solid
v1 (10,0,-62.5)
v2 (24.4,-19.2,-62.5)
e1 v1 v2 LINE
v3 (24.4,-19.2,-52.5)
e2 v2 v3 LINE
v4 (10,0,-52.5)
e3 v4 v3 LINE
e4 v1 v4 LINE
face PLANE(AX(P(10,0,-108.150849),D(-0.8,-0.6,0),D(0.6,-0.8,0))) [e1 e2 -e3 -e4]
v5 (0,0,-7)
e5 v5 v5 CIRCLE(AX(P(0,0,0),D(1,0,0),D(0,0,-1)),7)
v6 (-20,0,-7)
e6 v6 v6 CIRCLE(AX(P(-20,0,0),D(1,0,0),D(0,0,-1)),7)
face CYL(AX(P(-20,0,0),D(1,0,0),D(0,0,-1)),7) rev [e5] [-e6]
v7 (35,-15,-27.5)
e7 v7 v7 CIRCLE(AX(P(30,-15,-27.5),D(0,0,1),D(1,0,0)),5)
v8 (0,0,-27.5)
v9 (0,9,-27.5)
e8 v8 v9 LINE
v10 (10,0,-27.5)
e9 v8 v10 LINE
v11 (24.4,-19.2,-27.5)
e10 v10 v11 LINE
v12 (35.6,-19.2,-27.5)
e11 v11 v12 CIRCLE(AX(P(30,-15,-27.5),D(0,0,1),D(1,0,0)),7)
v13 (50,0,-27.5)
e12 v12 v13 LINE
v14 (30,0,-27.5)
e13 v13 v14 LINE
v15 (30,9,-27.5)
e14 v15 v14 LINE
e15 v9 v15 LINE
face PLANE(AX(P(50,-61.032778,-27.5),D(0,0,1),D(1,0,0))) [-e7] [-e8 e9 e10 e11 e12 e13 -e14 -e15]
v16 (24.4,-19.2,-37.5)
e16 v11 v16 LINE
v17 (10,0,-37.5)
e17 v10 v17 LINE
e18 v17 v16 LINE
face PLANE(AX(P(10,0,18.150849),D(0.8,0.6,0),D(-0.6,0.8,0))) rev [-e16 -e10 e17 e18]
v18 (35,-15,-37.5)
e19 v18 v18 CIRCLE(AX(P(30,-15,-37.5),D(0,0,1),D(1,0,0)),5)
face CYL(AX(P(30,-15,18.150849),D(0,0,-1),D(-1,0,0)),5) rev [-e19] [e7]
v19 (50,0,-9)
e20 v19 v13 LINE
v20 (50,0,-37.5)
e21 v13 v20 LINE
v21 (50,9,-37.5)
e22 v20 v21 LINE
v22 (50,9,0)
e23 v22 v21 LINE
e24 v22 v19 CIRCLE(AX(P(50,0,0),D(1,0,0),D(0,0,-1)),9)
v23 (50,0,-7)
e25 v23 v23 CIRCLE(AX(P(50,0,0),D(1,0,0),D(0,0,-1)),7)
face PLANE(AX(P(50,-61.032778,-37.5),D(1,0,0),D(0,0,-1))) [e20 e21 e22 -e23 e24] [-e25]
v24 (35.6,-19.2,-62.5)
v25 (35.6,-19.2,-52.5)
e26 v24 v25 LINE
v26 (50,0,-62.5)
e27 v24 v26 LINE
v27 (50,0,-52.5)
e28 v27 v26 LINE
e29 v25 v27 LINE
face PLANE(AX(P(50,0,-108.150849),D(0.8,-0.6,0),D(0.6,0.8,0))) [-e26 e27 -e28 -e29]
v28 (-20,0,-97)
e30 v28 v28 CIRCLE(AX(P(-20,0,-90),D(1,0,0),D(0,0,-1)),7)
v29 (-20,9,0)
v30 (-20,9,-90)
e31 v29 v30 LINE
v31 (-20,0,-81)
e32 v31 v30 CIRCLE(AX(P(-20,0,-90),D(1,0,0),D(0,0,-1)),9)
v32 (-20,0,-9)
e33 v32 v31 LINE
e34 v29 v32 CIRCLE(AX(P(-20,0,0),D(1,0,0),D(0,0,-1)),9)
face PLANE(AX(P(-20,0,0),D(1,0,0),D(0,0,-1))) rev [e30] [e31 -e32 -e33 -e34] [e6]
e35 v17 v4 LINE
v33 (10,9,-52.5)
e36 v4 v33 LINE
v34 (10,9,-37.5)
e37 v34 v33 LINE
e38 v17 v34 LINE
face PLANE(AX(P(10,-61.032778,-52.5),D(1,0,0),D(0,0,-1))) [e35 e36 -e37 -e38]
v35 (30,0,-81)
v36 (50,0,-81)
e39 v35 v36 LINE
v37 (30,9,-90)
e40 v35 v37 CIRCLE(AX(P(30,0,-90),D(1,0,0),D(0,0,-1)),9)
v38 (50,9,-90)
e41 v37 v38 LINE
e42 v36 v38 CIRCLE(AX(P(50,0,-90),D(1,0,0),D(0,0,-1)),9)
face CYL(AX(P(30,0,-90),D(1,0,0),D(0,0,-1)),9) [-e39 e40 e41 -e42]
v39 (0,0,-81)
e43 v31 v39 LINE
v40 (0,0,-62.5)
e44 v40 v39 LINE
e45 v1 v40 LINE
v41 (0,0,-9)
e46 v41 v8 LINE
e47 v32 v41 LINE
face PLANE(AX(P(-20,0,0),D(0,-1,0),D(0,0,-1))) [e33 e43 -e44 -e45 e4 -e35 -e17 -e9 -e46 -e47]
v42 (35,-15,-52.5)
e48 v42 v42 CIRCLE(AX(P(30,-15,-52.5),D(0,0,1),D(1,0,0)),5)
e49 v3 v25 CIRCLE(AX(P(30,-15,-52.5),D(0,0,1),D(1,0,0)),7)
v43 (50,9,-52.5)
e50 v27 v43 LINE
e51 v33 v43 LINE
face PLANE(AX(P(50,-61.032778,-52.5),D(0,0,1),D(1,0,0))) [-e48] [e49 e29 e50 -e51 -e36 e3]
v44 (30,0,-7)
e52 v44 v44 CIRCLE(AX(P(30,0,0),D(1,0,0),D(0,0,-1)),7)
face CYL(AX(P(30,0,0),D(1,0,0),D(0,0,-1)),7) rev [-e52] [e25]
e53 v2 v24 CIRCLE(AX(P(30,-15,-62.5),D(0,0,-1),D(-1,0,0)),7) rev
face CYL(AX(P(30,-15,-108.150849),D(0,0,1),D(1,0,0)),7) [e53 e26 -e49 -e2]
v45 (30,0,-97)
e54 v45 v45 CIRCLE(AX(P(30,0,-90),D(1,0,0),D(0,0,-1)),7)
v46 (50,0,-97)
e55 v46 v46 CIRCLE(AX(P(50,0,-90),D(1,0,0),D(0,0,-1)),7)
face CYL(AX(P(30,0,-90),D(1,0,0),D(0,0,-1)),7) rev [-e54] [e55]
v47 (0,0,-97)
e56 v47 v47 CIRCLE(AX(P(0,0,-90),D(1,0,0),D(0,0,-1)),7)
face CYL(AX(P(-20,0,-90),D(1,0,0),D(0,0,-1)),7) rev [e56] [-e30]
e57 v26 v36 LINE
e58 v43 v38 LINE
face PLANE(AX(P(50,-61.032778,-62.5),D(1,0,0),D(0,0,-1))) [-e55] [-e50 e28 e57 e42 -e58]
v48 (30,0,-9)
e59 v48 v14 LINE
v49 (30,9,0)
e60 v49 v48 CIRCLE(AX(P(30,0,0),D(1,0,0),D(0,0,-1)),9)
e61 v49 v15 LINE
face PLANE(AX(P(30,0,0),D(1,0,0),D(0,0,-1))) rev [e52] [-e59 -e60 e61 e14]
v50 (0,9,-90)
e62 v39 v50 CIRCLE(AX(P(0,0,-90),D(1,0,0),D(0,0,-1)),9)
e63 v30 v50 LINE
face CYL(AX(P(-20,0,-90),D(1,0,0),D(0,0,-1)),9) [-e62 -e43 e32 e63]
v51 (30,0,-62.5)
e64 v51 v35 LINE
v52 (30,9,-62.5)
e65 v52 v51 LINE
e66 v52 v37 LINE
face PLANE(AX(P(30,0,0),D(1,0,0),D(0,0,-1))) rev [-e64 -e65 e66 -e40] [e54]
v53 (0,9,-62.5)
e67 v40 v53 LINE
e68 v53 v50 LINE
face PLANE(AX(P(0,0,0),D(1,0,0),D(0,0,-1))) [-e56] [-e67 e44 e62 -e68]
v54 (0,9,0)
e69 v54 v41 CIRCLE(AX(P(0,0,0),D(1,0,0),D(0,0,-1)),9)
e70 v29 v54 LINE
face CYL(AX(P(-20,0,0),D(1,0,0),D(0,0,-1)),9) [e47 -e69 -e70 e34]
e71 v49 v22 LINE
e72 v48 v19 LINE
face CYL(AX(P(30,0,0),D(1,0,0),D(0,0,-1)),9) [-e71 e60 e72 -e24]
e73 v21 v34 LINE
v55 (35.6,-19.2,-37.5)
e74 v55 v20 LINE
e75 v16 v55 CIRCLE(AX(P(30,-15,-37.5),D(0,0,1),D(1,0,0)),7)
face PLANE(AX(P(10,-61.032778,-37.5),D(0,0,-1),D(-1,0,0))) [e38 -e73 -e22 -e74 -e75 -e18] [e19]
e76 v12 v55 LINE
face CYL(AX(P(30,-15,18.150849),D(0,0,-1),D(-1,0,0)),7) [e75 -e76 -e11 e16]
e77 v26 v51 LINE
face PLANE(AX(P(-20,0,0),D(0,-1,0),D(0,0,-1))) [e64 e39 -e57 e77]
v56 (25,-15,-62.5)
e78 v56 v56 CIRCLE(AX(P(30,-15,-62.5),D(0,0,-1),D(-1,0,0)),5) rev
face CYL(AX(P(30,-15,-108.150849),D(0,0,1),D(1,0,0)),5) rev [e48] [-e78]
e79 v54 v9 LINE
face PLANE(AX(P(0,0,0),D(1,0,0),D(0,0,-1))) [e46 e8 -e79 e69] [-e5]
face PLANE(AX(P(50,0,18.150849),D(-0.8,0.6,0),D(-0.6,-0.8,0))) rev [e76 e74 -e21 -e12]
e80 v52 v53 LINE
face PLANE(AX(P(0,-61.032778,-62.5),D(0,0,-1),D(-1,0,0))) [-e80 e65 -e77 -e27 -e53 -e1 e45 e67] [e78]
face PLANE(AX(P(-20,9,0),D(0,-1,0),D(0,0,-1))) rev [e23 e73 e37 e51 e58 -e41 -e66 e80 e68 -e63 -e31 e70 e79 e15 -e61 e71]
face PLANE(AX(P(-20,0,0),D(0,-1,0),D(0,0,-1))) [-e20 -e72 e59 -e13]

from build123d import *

# Parameters (mm, degrees)
SKETCH1_R           = 9
SKETCH1_R_2         = 7
BOSS_EXTRUDE1_DEPTH = 20
BOSS_EXTRUDE2_DEPTH = 9
SKETCH3_R           = 9
SKETCH3_R_2         = 7
BOSS_EXTRUDE4_DEPTH = 20
SKETCH6_R           = 5
BOSS_EXTRUDE7_DEPTH = 10
BOSS_EXTRUDE8_START = 25
SKETCH6_3_R         = 5
BOSS_EXTRUDE8_DEPTH = 10


with BuildPart() as part:
    # Sketch1 → Boss-Extrude1 (new body)
    # profile 1 of 3: a face of its own
    with BuildSketch(Plane(origin=(0, 0, 0), x_dir=(0, 0, -1), z_dir=(1, 0, 0))):
        with BuildLine():
            Line((90, 9), (0, 9))
            ThreePointArc((0, 9), (6.363961031, 6.363961031), (9, 0))
            Line((9, 0), (81, 0))
            ThreePointArc((81, 0), (83.636038969, 6.363961031), (90, 9))
        make_face()
    # profile 2 of 3: a face of its own
    with BuildSketch(Plane(origin=(0, 0, 0), x_dir=(0, 0, -1), z_dir=(1, 0, 0))):
        Circle(SKETCH1_R)
        Circle(SKETCH1_R_2, mode=Mode.SUBTRACT)
    # profile 3 of 3: a face of its own
    with BuildSketch(Plane(origin=(0, 0, 0), x_dir=(0, 0, -1), z_dir=(1, 0, 0))):
        with Locations((90, 0)):
            Circle(SKETCH1_R)
        with Locations((90, 0)):
            Circle(SKETCH1_R_2, mode=Mode.SUBTRACT)
    extrude(amount=-BOSS_EXTRUDE1_DEPTH)

    # Sketch2 → Boss-Extrude2 (add)
    with BuildSketch(Plane(origin=(0, 9, 0), x_dir=(1, 0, 0), z_dir=(0, 1, 0))):
        Polygon((0, 62.5), (50, 62.5), (50, 52.5), (10, 52.5), (10, 37.5), (50, 37.5), (50, 27.5), (0, 27.5), align=None)
    extrude(amount=-BOSS_EXTRUDE2_DEPTH)

    # Sketch3 → Boss-Extrude4 (add)
    # profile 1 of 4: a face of its own
    with BuildSketch(Plane(origin=(50, 0, 0), x_dir=(0, 0, -1), z_dir=(1, 0, 0))):
        Circle(SKETCH3_R)
        Circle(SKETCH3_R_2, mode=Mode.SUBTRACT)
    # profile 2 of 4: a face of its own
    with BuildSketch(Plane(origin=(50, 0, 0), x_dir=(0, 0, -1), z_dir=(1, 0, 0))):
        with BuildLine():
            Line((27.5, 9), (0, 9))
            ThreePointArc((0, 9), (6.363961031, 6.363961031), (9, 0))
            Line((9, 0), (27.5, 0))
            Line((27.5, 0), (27.5, 9))
        make_face()
    # profile 3 of 4: a face of its own
    with BuildSketch(Plane(origin=(50, 0, 0), x_dir=(0, 0, -1), z_dir=(1, 0, 0))):
        with BuildLine():
            Line((90, 9), (52.5, 9))
            Line((52.5, 9), (52.5, 0))
            Line((52.5, 0), (81, 0))
            ThreePointArc((81, 0), (83.636038969, 6.363961031), (90, 9))
        make_face()
    # profile 4 of 4: a face of its own
    with BuildSketch(Plane(origin=(50, 0, 0), x_dir=(0, 0, -1), z_dir=(1, 0, 0))):
        with Locations((90, 0)):
            Circle(SKETCH3_R)
        with Locations((90, 0)):
            Circle(SKETCH3_R_2, mode=Mode.SUBTRACT)
    extrude(amount=-BOSS_EXTRUDE4_DEPTH)

    # Sketch6 → Boss-Extrude7 (add)
    with BuildSketch(Plane.XY.offset(-52.5)):
        with BuildLine():
            Line((10, 0), (24.4, -19.2))
            ThreePointArc((24.4, -19.2), (30, -22), (35.6, -19.2))
            Line((35.6, -19.2), (50, 0))
            Line((50, 0), (10, 0))
        make_face()
        with Locations((30, -15)):
            Circle(SKETCH6_R, mode=Mode.SUBTRACT)
    extrude(amount=-BOSS_EXTRUDE7_DEPTH)

    # Sketch6<3> → Boss-Extrude8 (add)
    with BuildSketch(Plane.XY.offset(-52.5).offset(BOSS_EXTRUDE8_START)):
        with BuildLine():
            Line((10, 0), (24.4, -19.2))
            ThreePointArc((24.4, -19.2), (30, -22), (35.6, -19.2))
            Line((35.6, -19.2), (50, 0))
            Line((50, 0), (10, 0))
        make_face()
        with Locations((30, -15)):
            Circle(SKETCH6_3_R, mode=Mode.SUBTRACT)
    extrude(amount=-BOSS_EXTRUDE8_DEPTH)


solid = part.part
